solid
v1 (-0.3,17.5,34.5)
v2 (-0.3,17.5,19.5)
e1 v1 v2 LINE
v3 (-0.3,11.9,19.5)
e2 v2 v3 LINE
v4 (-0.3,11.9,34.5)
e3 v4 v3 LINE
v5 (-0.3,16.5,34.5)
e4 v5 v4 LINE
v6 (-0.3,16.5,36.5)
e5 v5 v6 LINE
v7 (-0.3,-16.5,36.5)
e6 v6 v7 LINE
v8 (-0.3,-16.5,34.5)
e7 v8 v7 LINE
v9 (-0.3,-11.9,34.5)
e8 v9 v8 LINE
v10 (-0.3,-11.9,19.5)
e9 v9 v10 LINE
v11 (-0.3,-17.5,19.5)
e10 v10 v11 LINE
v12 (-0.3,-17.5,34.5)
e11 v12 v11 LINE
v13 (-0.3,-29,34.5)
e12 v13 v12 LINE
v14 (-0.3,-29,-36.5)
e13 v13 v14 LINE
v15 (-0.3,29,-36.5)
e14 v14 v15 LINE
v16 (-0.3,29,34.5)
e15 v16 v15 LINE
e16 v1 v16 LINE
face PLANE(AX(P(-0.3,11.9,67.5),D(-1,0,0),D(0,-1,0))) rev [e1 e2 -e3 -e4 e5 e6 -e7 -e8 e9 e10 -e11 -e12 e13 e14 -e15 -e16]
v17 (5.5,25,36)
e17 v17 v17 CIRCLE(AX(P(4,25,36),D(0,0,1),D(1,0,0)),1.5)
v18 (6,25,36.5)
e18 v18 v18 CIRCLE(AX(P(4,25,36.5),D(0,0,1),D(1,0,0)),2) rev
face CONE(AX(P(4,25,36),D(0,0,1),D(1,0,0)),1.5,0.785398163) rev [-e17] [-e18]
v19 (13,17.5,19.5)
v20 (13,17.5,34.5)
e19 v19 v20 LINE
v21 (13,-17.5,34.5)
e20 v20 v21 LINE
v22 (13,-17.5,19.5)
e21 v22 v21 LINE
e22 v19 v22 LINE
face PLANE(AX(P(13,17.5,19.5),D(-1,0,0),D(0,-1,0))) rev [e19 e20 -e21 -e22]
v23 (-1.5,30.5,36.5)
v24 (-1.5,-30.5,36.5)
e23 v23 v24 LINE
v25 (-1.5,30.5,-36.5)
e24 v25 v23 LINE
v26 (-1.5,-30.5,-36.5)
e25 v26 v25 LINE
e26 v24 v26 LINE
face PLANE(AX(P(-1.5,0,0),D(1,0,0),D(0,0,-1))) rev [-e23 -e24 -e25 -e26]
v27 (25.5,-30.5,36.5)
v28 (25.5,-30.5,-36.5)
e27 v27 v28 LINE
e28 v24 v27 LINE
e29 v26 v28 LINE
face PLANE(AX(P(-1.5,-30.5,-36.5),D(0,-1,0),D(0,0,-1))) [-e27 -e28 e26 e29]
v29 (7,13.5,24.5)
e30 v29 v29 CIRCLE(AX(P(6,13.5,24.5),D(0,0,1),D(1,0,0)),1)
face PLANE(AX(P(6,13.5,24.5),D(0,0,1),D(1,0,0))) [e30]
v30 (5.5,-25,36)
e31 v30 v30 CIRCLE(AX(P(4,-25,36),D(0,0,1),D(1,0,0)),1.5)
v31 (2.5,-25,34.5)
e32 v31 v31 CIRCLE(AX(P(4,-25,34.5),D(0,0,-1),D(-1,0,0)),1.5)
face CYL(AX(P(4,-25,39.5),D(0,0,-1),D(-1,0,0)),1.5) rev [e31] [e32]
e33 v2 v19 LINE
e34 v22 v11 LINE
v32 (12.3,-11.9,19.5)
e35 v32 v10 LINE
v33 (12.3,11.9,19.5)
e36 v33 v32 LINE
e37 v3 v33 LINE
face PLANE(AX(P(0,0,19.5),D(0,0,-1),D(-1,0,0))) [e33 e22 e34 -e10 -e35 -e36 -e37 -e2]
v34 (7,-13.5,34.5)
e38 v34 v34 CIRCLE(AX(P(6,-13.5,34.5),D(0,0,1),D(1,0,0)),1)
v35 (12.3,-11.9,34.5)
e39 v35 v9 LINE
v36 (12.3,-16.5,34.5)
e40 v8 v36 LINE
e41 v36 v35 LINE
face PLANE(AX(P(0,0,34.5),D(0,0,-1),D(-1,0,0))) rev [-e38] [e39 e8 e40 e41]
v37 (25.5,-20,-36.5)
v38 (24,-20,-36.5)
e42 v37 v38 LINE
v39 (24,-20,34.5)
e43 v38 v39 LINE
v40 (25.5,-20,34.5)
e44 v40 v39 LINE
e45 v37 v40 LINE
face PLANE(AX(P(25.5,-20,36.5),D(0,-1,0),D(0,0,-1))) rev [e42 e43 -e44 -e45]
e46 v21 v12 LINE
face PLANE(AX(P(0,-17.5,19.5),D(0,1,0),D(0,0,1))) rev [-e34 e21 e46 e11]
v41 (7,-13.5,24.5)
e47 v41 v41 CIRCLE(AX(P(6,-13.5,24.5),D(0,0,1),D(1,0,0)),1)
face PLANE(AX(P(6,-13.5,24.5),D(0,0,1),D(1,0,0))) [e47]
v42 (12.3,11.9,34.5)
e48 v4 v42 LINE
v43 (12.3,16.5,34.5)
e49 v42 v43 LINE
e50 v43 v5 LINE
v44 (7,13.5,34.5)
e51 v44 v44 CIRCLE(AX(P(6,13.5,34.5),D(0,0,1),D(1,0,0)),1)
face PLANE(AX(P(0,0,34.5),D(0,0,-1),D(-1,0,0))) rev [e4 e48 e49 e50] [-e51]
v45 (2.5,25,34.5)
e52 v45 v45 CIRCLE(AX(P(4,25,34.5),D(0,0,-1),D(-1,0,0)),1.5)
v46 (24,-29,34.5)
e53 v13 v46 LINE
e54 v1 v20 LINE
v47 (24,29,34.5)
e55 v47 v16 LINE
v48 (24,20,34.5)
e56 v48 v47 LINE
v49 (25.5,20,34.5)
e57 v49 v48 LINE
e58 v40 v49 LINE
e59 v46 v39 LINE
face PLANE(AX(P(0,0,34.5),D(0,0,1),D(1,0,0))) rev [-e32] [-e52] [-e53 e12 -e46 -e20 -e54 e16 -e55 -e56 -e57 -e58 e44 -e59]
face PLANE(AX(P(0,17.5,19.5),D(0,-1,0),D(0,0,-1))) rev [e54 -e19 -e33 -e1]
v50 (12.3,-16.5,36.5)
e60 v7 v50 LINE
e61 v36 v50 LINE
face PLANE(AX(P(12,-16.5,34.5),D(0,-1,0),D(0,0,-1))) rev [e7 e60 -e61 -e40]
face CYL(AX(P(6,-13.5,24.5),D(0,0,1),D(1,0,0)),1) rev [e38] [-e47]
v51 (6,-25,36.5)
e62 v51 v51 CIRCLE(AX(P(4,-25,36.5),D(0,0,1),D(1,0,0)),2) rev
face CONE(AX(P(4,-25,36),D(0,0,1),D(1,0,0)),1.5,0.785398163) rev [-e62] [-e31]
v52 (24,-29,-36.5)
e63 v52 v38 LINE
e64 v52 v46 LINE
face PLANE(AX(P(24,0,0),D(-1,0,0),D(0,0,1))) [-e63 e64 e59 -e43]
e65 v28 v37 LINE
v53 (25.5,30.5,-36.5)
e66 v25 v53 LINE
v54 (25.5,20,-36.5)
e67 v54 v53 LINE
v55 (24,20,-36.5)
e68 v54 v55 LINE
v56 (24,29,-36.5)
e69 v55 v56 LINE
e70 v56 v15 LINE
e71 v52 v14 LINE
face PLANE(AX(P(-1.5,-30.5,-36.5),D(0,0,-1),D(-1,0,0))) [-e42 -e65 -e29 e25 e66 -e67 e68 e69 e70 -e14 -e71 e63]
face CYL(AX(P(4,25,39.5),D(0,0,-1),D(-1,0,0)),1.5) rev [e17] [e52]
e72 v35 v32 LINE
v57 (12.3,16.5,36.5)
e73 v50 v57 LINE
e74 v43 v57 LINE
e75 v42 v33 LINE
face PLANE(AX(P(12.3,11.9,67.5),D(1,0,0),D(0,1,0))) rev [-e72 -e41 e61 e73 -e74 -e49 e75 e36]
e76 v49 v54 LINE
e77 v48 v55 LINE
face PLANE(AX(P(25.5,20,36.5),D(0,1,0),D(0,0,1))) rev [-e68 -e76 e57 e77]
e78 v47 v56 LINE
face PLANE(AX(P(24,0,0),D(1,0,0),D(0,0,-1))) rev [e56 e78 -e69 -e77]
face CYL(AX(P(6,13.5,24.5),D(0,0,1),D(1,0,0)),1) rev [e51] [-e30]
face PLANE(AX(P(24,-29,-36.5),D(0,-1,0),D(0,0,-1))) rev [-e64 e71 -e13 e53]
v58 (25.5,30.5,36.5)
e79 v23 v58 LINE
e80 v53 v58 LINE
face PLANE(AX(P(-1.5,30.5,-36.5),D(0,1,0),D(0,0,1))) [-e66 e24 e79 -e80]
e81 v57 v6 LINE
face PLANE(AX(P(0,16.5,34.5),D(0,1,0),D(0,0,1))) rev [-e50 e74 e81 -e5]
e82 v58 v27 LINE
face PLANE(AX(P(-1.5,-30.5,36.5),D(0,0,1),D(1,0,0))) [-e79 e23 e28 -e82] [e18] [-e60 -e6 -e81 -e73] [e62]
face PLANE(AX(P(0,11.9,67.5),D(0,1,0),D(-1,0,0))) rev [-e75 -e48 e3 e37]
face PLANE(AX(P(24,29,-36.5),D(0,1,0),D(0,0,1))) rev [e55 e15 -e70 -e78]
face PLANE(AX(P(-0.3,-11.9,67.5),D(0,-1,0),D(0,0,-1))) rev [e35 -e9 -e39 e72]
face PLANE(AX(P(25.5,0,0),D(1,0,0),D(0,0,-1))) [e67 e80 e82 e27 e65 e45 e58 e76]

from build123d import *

# Parameters (mm, degrees)
SKETCH_1_W           = 73
SKETCH_1_H           = 61
EXTRUDE_1_DEPTH      = 1.5
SKETCH_3_W           = 73
SKETCH_3_H           = 1.5
EXTRUDE_2_DEPTH      = 24
SKETCH_4_W           = 24
SKETCH_4_H           = 58
EXTRUDE_8_DEPTH      = 2
SKETCH_18_W          = 12
SKETCH_18_H          = 23
CUT_EXTRUDE_10_DEPTH = 2
SKETCH_19_W          = 12
SKETCH_19_H          = 6
EXTRUDE_9_DEPTH      = 15
SKETCH_21_W          = 1
SKETCH_21_H          = 35
EXTRUDE_10_DEPTH     = 15
SKETCH_24_W          = 12
SKETCH_24_H          = 5
CUT_EXTRUDE_12_DEPTH = 2
SKETCH_25_R          = 1
CUT_EXTRUDE_13_DEPTH = 10
SKETCH_28_W          = 73
SKETCH_28_H          = 10.5
EXTRUDE_11_DEPTH     = 1.5
SKETCH_31_W          = 2
SKETCH_31_H          = 40
EXTRUDE_12_DEPTH     = 1.5
SKETCH_32_R          = 1.5
CUT_EXTRUDE_14_DEPTH = 5
CHAMFER_1_SIZE       = 0.5
CHAMFER_2_SIZE       = 0.5
SKETCH_33_W          = 12
SKETCH_33_H          = 23
CUT_EXTRUDE_15_DEPTH = 48
SKETCH_34_W          = 0.3
SKETCH_34_H          = 58
CUT_EXTRUDE_16_DEPTH = 56
SKETCH_35_W          = 0.3
SKETCH_35_H          = 11.5
CUT_EXTRUDE_17_DEPTH = 15
SKETCH_36_W          = 12.6
SKETCH_36_H          = 4.6
CUT_EXTRUDE_18_DEPTH = 2


with BuildPart() as part:
    # 草图1 → 凸台-拉伸1 (new body)
    with BuildSketch(Plane(origin=(0, 0, 0), x_dir=(0, 0, -1), z_dir=(1, 0, 0))):
        Rectangle(SKETCH_1_W, SKETCH_1_H)
    extrude(amount=-EXTRUDE_1_DEPTH)

    # 草图3 → 凸台-拉伸2 (add)
    with BuildSketch(Plane(origin=(0, 0, 0), x_dir=(0, 0, -1), z_dir=(1, 0, 0))):
        with Locations((0, 29.75)):
            Rectangle(SKETCH_3_W, SKETCH_3_H)
        with Locations((0, -29.75)):
            Rectangle(SKETCH_3_W, SKETCH_3_H)
    extrude(amount=EXTRUDE_2_DEPTH)

    # 草图4 → 凸台-拉伸8 (add)
    with BuildSketch(Plane.XY.offset(36.5)):
        with Locations((12, 0)):
            Rectangle(SKETCH_4_W, SKETCH_4_H)
    extrude(amount=-EXTRUDE_8_DEPTH)

    # 草图18 → 切除-拉伸10 (cut)
    with BuildSketch(Plane(origin=(0, 0, 34.5), x_dir=(-1, 0, 0), z_dir=(0, 0, -1))):
        with Locations((-6, 0)):
            Rectangle(SKETCH_18_W, SKETCH_18_H)
    extrude(amount=-CUT_EXTRUDE_10_DEPTH, mode=Mode.SUBTRACT)

    # 草图19 → 凸台-拉伸9 (add)
    with BuildSketch(Plane(origin=(0, 0, 34.5), x_dir=(-1, 0, 0), z_dir=(0, 0, -1))):
        with Locations((-6, 14.5)):
            Rectangle(SKETCH_19_W, SKETCH_19_H)
        with Locations((-6, -14.5)):
            Rectangle(SKETCH_19_W, SKETCH_19_H)
    extrude(amount=EXTRUDE_9_DEPTH)

    # 草图21 → 凸台-拉伸10 (add)
    with BuildSketch(Plane(origin=(0, 0, 34.5), x_dir=(-1, 0, 0), z_dir=(0, 0, -1))):
        with Locations((-12.5, 0)):
            Rectangle(SKETCH_21_W, SKETCH_21_H)
    extrude(amount=EXTRUDE_10_DEPTH)

    # 草图24 → 切除-拉伸12 (cut)
    with BuildSketch(Plane.XY.offset(36.5)):
        with Locations((6, 14)):
            Rectangle(SKETCH_24_W, SKETCH_24_H)
        with Locations((6, -14)):
            Rectangle(SKETCH_24_W, SKETCH_24_H)
    extrude(amount=-CUT_EXTRUDE_12_DEPTH, mode=Mode.SUBTRACT)

    # 草图25 → 切除-拉伸13 (cut)
    with BuildSketch(Plane.XY.offset(34.5)):
        with Locations((6, 13.5)):
            Circle(SKETCH_25_R)
        with Locations((6, -13.5)):
            Circle(SKETCH_25_R)
    extrude(amount=-CUT_EXTRUDE_13_DEPTH, mode=Mode.SUBTRACT)

    # 草图28 → 凸台-拉伸11 (add)
    with BuildSketch(Plane(origin=(24, 0, 0), x_dir=(0, 0, -1), z_dir=(1, 0, 0))):
        with Locations((0, 25.25)):
            Rectangle(SKETCH_28_W, SKETCH_28_H)
        with Locations((0, -25.25)):
            Rectangle(SKETCH_28_W, SKETCH_28_H)
    extrude(amount=EXTRUDE_11_DEPTH)

    # 草图31 → 凸台-拉伸12 (add)
    with BuildSketch(Plane(origin=(24, 0, 0), x_dir=(0, 0, -1), z_dir=(1, 0, 0))):
        with Locations((-35.5, 0)):
            Rectangle(SKETCH_31_W, SKETCH_31_H)
    extrude(amount=EXTRUDE_12_DEPTH)

    # 草图32 → 切除-拉伸14 (cut)
    with BuildSketch(Plane(origin=(0, 0, 34.5), x_dir=(-1, 0, 0), z_dir=(0, 0, -1))):
        with Locations((-4, 25)):
            Circle(SKETCH_32_R)
        with Locations((-4, -25)):
            Circle(SKETCH_32_R)
    extrude(amount=-CUT_EXTRUDE_14_DEPTH, mode=Mode.SUBTRACT)

    # 倒角1
    chamfer_1_edges = [part.edges().sort_by_distance(p)[0] for p in [
        (5.5, 25, 36.5),
    ]]
    chamfer(chamfer_1_edges, length=CHAMFER_1_SIZE)

    # 倒角2
    chamfer_2_edges = [part.edges().sort_by_distance(p)[0] for p in [
        (5.5, -25, 36.5),
    ]]
    chamfer(chamfer_2_edges, length=CHAMFER_2_SIZE)

    # 草图33 → 切除-拉伸15 (cut)
    with BuildSketch(Plane(origin=(0, 0, 19.5), x_dir=(-1, 0, 0), z_dir=(0, 0, -1))):
        Polygon((0, 11.9), (-12.3, 11.9), (-12.3, -11.9), (0, -11.9), (0.3, -11.9), (0.3, 11.9), align=None)
        with Locations((-6, 0)):
            Rectangle(SKETCH_33_W, SKETCH_33_H, mode=Mode.SUBTRACT)
    extrude(amount=-CUT_EXTRUDE_15_DEPTH, mode=Mode.SUBTRACT)

    # 草图34 → 切除-拉伸16 (cut)
    with BuildSketch(Plane(origin=(0, 0, -36.5), x_dir=(-1, 0, 0), z_dir=(0, 0, -1))):
        with Locations((0.15, 0)):
            Rectangle(SKETCH_34_W, SKETCH_34_H)
    extrude(amount=-CUT_EXTRUDE_16_DEPTH, mode=Mode.SUBTRACT)

    # 草图35 → 切除-拉伸17 (cut)
    with BuildSketch(Plane(origin=(0, 0, 19.5), x_dir=(-1, 0, 0), z_dir=(0, 0, -1))):
        with Locations((0.15, 23.25)):
            Rectangle(SKETCH_35_W, SKETCH_35_H)
        with Locations((0.15, -23.25)):
            Rectangle(SKETCH_35_W, SKETCH_35_H)
    extrude(amount=-CUT_EXTRUDE_17_DEPTH, mode=Mode.SUBTRACT)

    # 草图36 → 切除-拉伸18 (cut)
    with BuildSketch(Plane.XY.offset(36.5)):
        with Locations((6, -14.2)):
            Rectangle(SKETCH_36_W, SKETCH_36_H)
        with Locations((6, 14.2)):
            Rectangle(SKETCH_36_W, SKETCH_36_H)
    extrude(amount=-CUT_EXTRUDE_18_DEPTH, mode=Mode.SUBTRACT)


solid = part.part
